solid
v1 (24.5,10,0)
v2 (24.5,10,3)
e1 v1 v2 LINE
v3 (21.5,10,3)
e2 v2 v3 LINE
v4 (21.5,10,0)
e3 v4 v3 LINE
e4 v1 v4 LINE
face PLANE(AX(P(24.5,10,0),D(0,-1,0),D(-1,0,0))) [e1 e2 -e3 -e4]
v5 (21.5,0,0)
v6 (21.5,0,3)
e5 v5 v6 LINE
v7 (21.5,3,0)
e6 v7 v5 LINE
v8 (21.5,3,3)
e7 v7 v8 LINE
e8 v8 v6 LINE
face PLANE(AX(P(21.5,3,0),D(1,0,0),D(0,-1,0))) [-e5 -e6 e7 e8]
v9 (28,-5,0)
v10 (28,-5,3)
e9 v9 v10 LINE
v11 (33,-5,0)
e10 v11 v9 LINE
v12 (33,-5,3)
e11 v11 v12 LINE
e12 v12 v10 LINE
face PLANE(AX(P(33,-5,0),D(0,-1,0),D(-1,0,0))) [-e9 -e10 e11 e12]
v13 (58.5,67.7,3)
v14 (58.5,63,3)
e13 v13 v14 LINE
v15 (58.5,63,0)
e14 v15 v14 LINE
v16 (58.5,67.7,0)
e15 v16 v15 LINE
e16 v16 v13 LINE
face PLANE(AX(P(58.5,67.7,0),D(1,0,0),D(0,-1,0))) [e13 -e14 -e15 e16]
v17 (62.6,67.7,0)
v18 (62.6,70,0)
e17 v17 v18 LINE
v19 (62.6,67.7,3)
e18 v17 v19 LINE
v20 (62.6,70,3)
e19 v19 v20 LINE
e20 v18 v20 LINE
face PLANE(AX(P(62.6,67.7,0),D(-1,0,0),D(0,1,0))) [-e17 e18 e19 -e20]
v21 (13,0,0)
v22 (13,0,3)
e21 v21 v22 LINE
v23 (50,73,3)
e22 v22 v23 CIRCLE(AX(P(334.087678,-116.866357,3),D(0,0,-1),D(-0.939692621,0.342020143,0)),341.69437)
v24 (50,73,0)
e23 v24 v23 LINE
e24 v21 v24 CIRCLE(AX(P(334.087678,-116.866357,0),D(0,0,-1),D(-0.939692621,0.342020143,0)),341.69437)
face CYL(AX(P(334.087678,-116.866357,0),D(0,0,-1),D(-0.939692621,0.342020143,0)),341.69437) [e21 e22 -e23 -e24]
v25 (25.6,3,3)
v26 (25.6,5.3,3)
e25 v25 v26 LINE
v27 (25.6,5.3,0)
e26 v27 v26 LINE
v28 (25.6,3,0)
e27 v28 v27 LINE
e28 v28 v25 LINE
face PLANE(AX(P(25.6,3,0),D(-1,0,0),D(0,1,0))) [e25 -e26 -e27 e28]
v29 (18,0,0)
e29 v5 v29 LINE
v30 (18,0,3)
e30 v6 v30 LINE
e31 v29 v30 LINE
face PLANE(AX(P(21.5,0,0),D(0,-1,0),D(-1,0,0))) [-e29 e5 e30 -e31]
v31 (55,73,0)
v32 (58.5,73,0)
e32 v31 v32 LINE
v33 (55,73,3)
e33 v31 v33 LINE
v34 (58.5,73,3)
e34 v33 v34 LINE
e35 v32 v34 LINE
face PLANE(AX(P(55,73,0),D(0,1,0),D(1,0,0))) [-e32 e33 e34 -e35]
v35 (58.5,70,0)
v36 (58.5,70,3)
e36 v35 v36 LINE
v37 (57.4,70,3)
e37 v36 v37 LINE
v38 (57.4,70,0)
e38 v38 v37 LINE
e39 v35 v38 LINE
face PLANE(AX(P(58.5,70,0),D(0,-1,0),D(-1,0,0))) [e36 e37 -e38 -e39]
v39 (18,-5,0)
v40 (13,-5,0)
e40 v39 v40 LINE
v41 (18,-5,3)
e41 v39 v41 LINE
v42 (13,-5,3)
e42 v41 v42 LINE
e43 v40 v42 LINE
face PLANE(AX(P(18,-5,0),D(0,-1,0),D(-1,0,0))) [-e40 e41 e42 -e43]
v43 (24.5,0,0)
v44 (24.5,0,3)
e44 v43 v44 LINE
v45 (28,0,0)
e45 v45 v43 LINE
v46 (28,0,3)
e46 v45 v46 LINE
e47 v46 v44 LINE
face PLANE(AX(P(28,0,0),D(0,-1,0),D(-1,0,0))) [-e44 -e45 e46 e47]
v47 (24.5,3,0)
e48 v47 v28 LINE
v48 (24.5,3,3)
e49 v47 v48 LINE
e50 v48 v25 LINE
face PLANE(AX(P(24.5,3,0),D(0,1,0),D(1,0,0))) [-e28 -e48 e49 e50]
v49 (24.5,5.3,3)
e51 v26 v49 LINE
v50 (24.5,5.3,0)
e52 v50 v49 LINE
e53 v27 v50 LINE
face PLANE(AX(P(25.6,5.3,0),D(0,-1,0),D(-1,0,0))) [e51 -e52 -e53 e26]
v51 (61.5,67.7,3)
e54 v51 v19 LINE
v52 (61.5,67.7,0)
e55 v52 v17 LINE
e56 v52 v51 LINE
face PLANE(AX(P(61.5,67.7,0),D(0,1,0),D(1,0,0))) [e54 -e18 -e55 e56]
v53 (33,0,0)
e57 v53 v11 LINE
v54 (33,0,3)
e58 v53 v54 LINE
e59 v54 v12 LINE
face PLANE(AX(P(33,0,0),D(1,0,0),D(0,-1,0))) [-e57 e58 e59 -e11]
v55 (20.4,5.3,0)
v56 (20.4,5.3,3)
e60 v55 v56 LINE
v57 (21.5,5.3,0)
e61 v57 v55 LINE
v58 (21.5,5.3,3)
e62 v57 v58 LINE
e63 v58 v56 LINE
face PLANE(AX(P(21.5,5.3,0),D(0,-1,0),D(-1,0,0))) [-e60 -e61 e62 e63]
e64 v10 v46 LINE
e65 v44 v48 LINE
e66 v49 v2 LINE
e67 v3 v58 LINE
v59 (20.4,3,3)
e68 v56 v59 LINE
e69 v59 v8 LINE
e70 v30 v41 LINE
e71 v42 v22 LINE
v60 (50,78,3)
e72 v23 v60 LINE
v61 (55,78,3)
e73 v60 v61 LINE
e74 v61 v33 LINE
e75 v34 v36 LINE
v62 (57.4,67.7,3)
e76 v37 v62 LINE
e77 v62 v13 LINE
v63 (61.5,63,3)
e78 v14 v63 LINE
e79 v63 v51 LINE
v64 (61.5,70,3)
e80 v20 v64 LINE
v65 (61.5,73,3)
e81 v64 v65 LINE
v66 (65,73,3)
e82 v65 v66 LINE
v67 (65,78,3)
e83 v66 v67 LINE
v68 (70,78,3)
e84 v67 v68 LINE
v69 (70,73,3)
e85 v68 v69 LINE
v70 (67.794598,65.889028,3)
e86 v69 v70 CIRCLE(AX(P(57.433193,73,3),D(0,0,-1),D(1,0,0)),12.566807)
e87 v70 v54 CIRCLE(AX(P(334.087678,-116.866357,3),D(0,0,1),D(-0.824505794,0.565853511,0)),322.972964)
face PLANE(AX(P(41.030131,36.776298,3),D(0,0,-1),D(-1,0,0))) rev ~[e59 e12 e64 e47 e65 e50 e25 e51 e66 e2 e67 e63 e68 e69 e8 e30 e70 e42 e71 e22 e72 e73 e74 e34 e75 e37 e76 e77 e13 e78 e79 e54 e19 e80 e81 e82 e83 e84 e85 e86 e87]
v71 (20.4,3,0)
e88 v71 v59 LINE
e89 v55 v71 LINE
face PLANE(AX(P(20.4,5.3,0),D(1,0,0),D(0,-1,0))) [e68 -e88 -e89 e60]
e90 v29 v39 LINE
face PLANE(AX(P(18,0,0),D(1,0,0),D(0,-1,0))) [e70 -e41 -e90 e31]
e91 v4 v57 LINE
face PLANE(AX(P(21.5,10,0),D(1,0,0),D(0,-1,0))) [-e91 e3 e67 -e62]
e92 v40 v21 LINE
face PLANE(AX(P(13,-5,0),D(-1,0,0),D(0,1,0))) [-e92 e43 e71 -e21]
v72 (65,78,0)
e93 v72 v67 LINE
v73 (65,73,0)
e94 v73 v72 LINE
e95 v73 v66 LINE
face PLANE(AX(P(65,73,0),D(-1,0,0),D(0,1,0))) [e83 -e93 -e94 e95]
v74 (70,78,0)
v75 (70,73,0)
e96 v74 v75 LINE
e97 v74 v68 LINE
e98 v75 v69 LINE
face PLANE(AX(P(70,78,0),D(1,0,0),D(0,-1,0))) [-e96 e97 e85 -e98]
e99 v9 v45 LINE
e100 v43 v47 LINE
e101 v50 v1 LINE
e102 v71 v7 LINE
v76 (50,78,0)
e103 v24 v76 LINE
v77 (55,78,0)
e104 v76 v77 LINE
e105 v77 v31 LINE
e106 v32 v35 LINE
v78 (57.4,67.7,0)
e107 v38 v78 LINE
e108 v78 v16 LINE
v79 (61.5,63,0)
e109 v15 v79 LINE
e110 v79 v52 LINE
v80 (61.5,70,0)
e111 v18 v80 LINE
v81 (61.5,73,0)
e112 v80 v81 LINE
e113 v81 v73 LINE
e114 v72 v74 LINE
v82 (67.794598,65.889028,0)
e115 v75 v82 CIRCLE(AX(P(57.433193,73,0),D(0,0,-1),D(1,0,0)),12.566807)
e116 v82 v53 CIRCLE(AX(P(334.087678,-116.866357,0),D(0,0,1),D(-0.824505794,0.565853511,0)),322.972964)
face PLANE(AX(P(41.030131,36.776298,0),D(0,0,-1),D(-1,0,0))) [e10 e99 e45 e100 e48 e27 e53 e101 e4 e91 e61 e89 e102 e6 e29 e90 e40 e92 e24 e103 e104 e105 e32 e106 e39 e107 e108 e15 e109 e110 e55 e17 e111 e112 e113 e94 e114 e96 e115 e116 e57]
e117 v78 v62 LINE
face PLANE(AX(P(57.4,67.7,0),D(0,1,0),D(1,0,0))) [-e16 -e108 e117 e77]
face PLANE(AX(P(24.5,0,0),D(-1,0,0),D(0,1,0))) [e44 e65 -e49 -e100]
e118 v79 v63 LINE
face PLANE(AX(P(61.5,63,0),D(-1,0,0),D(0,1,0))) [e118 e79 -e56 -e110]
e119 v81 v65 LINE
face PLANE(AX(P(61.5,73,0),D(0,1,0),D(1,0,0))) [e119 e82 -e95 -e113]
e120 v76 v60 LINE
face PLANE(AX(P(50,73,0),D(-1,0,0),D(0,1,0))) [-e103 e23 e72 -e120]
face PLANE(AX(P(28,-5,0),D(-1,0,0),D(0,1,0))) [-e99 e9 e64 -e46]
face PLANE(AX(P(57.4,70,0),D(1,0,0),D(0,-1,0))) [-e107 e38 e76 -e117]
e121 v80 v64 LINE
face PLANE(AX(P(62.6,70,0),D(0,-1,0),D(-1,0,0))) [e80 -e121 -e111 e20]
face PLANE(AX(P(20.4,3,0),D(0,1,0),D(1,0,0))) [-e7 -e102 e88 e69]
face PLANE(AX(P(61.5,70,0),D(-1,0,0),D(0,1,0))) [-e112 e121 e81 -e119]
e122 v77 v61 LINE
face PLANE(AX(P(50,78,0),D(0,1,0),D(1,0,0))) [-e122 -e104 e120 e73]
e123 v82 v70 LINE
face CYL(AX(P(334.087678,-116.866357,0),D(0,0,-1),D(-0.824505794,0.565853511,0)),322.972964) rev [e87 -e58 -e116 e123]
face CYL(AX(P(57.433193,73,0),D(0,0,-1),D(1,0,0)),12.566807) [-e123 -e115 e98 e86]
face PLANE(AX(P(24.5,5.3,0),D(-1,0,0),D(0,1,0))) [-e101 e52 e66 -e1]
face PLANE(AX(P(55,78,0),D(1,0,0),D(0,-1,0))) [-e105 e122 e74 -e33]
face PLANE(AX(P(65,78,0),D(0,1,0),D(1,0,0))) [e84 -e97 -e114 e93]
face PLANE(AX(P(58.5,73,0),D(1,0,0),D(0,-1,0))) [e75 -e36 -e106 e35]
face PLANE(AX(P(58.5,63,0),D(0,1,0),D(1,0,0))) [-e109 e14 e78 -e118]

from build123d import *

# Parameters (mm, degrees)
BOSS_EXTRUDE1_DEPTH = 3


with BuildPart() as part:
    # Sketch1 → Boss-Extrude1 (new body)
    with BuildSketch(Plane.XY):
        with BuildLine():
            Line((61.5, 73), (65, 73))
            Line((65, 73), (65, 78))
            Line((65, 78), (70, 78))
            Line((70, 78), (70, 73))
            ThreePointArc((70, 73), (69.43599305, 69.277443256), (67.794598243, 65.88902834))
            ThreePointArc((67.794598243, 65.88902834), (48.490808127, 33.951291624), (33, 0))
            Line((33, 0), (33, -5))
            Line((33, -5), (28, -5))
            Line((28, -5), (28, 0))
            Line((28, 0), (24.5, 0))
            Line((24.5, 0), (24.5, 3))
            Line((24.5, 3), (25.6, 3))
            Line((25.6, 3), (25.6, 5.3))
            Line((25.6, 5.3), (24.5, 5.3))
            Line((24.5, 5.3), (24.5, 10))
            Line((24.5, 10), (21.5, 10))
            Line((21.5, 10), (21.5, 5.3))
            Line((21.5, 5.3), (20.4, 5.3))
            Line((20.4, 5.3), (20.4, 3))
            Line((20.4, 3), (21.5, 3))
            Line((21.5, 3), (21.5, 0))
            Line((21.5, 0), (18, 0))
            Line((18, 0), (18, -5))
            Line((18, -5), (13, -5))
            Line((13, -5), (13, 0))
            ThreePointArc((13, 0), (29.306522289, 37.611762675), (50, 73))
            Line((50, 73), (50, 78))
            Line((50, 78), (55, 78))
            Line((55, 78), (55, 73))
            Line((55, 73), (58.5, 73))
            Line((58.5, 73), (58.5, 70))
            Line((58.5, 70), (57.4, 70))
            Line((57.4, 70), (57.4, 67.7))
            Line((57.4, 67.7), (58.5, 67.7))
            Line((58.5, 67.7), (58.5, 63))
            Line((58.5, 63), (61.5, 63))
            Line((61.5, 63), (61.5, 67.7))
            Line((61.5, 67.7), (62.6, 67.7))
            Line((62.6, 67.7), (62.6, 70))
            Line((62.6, 70), (61.5, 70))
            Line((61.5, 70), (61.5, 73))
        make_face()
    extrude(amount=BOSS_EXTRUDE1_DEPTH)


solid = part.part
